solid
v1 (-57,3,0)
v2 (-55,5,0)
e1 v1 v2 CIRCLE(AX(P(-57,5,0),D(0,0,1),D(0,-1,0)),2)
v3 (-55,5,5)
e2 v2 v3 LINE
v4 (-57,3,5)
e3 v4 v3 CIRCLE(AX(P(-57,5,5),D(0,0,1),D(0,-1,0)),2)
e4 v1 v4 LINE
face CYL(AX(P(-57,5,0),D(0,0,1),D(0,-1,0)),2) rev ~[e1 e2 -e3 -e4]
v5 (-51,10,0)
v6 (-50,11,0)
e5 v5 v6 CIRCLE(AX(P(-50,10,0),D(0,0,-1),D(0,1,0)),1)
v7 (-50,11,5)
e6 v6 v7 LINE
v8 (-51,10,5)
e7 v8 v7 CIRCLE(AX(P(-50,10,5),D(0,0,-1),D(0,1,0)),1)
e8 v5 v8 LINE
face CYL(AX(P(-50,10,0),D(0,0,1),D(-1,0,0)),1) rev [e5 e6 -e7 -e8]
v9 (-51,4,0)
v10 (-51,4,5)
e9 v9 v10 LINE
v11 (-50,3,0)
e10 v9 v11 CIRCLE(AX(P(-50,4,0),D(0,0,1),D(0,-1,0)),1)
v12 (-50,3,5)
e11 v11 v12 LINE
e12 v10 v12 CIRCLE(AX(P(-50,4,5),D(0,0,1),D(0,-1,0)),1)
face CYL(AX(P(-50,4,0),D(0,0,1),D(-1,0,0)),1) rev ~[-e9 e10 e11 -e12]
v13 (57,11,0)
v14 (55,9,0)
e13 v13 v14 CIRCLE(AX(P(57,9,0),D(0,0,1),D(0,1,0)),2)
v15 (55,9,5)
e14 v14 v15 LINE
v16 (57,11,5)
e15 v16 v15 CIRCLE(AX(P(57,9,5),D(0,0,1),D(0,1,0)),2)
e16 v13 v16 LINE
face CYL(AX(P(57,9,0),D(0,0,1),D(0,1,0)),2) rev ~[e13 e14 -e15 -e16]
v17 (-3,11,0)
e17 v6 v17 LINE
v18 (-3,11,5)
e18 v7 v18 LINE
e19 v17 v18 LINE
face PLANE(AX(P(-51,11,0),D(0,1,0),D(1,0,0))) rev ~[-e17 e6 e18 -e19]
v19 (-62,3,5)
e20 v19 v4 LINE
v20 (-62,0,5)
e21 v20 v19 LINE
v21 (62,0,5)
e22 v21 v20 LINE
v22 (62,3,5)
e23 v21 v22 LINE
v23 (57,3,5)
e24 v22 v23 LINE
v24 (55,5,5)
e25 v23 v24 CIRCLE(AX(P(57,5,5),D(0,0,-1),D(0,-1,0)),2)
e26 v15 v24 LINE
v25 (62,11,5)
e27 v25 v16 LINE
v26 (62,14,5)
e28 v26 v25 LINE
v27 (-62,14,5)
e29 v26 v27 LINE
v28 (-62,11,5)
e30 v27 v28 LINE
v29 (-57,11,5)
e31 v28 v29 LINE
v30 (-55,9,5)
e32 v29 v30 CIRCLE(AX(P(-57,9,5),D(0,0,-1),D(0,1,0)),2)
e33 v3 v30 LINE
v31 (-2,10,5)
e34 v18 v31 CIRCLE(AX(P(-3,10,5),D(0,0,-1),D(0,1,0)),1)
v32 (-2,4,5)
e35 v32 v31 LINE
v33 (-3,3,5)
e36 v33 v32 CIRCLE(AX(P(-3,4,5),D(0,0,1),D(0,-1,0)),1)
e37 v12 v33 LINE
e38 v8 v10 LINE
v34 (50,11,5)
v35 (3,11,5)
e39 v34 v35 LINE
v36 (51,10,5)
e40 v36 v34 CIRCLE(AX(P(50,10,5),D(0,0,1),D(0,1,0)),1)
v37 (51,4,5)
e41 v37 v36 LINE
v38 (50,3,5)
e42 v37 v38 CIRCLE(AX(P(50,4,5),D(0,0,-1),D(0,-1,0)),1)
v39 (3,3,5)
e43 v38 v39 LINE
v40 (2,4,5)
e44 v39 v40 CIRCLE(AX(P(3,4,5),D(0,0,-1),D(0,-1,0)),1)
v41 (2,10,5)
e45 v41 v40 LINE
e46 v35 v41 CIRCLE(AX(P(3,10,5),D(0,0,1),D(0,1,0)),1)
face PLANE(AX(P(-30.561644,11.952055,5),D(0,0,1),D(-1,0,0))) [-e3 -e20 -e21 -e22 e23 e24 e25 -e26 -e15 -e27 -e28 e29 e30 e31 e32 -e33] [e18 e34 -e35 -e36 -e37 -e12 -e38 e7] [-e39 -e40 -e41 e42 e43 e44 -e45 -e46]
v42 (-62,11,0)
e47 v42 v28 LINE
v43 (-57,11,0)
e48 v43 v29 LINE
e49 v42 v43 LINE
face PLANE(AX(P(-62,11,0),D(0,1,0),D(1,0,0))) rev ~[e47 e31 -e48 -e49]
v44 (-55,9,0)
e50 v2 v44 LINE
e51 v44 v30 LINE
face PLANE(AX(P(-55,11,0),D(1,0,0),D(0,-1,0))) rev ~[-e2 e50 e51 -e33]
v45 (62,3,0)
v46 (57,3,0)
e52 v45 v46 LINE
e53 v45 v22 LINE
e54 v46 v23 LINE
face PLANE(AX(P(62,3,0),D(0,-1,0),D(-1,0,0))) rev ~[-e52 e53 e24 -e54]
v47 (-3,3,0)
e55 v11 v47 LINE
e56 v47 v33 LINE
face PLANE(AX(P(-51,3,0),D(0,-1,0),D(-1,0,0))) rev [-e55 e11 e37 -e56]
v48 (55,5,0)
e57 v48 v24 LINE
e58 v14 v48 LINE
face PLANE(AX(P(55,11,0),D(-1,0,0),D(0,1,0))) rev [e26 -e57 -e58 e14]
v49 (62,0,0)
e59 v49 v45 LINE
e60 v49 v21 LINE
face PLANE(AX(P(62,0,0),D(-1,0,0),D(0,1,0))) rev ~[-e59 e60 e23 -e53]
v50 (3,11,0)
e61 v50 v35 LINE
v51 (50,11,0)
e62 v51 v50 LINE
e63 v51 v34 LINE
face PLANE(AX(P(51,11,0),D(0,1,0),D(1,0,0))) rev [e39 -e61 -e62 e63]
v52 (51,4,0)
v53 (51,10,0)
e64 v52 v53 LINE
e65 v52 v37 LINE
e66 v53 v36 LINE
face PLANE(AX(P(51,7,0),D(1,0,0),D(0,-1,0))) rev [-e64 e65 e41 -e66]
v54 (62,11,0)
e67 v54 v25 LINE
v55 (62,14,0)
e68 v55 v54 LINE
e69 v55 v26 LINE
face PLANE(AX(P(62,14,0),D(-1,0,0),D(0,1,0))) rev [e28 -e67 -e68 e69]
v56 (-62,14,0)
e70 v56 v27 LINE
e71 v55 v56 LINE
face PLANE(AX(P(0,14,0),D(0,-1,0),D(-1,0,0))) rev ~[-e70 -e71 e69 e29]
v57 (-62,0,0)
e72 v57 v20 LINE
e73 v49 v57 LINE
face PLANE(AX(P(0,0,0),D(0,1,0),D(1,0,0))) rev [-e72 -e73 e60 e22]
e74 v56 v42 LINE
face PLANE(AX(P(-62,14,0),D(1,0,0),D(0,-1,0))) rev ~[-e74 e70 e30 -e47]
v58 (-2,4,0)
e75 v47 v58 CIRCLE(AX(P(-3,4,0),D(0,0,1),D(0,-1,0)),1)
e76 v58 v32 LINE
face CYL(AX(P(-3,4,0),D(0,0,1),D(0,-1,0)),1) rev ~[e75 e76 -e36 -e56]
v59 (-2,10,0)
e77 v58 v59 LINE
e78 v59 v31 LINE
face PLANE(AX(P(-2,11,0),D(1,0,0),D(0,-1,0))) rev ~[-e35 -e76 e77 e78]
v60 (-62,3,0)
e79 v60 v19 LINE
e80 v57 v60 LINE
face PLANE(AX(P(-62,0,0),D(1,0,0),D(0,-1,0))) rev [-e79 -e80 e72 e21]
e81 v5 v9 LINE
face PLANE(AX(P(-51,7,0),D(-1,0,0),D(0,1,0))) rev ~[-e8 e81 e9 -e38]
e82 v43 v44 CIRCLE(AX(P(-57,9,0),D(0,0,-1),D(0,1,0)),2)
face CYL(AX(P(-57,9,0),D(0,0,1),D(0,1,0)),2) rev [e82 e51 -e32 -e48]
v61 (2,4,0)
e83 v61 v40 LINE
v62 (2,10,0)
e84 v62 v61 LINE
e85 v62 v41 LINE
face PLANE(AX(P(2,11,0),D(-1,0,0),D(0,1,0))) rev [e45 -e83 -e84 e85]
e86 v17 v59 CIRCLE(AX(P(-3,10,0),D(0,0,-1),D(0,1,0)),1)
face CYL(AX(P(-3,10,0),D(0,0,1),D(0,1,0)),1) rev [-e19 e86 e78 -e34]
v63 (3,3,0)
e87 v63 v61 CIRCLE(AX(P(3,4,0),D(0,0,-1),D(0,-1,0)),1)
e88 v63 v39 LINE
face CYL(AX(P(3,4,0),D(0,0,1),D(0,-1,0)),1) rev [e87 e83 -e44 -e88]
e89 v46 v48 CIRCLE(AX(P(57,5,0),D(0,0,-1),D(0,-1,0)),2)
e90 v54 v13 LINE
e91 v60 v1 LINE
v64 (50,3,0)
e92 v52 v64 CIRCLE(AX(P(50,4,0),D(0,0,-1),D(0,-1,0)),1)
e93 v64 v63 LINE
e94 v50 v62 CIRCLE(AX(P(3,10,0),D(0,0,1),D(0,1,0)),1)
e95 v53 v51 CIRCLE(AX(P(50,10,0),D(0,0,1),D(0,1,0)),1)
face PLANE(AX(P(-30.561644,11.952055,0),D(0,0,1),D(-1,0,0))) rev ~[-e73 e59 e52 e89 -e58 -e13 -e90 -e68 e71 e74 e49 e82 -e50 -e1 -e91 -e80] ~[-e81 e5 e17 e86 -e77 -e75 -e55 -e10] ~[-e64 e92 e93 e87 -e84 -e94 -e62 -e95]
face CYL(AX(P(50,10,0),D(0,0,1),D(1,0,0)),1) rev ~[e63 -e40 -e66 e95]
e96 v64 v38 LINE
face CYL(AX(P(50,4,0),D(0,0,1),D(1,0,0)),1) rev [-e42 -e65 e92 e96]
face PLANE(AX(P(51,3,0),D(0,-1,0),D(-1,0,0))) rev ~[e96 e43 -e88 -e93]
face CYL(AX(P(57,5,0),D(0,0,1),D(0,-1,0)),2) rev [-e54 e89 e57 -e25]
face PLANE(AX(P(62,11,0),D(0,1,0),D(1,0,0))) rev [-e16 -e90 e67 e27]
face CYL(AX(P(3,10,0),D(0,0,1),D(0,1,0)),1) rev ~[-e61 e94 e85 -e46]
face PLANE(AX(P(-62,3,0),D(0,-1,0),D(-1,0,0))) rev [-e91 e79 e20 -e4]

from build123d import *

# Parameters (mm, degrees)
F1_DEPTH = 5
F2_R     = 2
F3_R     = 1


with BuildPart() as f1:
    # F0 (on Top) → F1 (new body)
    with BuildSketch(Plane.XY):
        Polygon((0, 3), (0, 0), (62, 0), (62, 3), (55, 3), (55, 7), (51, 7), (51, 3), (2, 3), (2, 7), (0, 7), align=None)
    extrude(amount=F1_DEPTH)

    # F2
    f2_edges = [f1.edges().sort_by_distance(p)[0] for p in [
        (55, 3, 2.5),
    ]]
    fillet(f2_edges, radius=F2_R)

    # F3
    f3_edges = [f1.edges().sort_by_distance(p)[0] for p in [
        (51, 3, 2.5),
        (2, 3, 2.5),
    ]]
    fillet(f3_edges, radius=F3_R)

    # F4: F1 across face


with BuildPart() as f1_1:
    add(f1.part)
    add(f1.part.mirror(Plane(origin=(0, 3.5, 2.5), x_dir=(0, -1, 0), z_dir=(-1, 0, 0))))

    # F5: F1 across face


with BuildPart() as f1_2:
    add(f1_1.part)
    add(f1_1.part.mirror(Plane(origin=(0, 7, 2.5), x_dir=(-1, 0, 0), z_dir=(0, 1, 0))))


solid = f1_2.part
